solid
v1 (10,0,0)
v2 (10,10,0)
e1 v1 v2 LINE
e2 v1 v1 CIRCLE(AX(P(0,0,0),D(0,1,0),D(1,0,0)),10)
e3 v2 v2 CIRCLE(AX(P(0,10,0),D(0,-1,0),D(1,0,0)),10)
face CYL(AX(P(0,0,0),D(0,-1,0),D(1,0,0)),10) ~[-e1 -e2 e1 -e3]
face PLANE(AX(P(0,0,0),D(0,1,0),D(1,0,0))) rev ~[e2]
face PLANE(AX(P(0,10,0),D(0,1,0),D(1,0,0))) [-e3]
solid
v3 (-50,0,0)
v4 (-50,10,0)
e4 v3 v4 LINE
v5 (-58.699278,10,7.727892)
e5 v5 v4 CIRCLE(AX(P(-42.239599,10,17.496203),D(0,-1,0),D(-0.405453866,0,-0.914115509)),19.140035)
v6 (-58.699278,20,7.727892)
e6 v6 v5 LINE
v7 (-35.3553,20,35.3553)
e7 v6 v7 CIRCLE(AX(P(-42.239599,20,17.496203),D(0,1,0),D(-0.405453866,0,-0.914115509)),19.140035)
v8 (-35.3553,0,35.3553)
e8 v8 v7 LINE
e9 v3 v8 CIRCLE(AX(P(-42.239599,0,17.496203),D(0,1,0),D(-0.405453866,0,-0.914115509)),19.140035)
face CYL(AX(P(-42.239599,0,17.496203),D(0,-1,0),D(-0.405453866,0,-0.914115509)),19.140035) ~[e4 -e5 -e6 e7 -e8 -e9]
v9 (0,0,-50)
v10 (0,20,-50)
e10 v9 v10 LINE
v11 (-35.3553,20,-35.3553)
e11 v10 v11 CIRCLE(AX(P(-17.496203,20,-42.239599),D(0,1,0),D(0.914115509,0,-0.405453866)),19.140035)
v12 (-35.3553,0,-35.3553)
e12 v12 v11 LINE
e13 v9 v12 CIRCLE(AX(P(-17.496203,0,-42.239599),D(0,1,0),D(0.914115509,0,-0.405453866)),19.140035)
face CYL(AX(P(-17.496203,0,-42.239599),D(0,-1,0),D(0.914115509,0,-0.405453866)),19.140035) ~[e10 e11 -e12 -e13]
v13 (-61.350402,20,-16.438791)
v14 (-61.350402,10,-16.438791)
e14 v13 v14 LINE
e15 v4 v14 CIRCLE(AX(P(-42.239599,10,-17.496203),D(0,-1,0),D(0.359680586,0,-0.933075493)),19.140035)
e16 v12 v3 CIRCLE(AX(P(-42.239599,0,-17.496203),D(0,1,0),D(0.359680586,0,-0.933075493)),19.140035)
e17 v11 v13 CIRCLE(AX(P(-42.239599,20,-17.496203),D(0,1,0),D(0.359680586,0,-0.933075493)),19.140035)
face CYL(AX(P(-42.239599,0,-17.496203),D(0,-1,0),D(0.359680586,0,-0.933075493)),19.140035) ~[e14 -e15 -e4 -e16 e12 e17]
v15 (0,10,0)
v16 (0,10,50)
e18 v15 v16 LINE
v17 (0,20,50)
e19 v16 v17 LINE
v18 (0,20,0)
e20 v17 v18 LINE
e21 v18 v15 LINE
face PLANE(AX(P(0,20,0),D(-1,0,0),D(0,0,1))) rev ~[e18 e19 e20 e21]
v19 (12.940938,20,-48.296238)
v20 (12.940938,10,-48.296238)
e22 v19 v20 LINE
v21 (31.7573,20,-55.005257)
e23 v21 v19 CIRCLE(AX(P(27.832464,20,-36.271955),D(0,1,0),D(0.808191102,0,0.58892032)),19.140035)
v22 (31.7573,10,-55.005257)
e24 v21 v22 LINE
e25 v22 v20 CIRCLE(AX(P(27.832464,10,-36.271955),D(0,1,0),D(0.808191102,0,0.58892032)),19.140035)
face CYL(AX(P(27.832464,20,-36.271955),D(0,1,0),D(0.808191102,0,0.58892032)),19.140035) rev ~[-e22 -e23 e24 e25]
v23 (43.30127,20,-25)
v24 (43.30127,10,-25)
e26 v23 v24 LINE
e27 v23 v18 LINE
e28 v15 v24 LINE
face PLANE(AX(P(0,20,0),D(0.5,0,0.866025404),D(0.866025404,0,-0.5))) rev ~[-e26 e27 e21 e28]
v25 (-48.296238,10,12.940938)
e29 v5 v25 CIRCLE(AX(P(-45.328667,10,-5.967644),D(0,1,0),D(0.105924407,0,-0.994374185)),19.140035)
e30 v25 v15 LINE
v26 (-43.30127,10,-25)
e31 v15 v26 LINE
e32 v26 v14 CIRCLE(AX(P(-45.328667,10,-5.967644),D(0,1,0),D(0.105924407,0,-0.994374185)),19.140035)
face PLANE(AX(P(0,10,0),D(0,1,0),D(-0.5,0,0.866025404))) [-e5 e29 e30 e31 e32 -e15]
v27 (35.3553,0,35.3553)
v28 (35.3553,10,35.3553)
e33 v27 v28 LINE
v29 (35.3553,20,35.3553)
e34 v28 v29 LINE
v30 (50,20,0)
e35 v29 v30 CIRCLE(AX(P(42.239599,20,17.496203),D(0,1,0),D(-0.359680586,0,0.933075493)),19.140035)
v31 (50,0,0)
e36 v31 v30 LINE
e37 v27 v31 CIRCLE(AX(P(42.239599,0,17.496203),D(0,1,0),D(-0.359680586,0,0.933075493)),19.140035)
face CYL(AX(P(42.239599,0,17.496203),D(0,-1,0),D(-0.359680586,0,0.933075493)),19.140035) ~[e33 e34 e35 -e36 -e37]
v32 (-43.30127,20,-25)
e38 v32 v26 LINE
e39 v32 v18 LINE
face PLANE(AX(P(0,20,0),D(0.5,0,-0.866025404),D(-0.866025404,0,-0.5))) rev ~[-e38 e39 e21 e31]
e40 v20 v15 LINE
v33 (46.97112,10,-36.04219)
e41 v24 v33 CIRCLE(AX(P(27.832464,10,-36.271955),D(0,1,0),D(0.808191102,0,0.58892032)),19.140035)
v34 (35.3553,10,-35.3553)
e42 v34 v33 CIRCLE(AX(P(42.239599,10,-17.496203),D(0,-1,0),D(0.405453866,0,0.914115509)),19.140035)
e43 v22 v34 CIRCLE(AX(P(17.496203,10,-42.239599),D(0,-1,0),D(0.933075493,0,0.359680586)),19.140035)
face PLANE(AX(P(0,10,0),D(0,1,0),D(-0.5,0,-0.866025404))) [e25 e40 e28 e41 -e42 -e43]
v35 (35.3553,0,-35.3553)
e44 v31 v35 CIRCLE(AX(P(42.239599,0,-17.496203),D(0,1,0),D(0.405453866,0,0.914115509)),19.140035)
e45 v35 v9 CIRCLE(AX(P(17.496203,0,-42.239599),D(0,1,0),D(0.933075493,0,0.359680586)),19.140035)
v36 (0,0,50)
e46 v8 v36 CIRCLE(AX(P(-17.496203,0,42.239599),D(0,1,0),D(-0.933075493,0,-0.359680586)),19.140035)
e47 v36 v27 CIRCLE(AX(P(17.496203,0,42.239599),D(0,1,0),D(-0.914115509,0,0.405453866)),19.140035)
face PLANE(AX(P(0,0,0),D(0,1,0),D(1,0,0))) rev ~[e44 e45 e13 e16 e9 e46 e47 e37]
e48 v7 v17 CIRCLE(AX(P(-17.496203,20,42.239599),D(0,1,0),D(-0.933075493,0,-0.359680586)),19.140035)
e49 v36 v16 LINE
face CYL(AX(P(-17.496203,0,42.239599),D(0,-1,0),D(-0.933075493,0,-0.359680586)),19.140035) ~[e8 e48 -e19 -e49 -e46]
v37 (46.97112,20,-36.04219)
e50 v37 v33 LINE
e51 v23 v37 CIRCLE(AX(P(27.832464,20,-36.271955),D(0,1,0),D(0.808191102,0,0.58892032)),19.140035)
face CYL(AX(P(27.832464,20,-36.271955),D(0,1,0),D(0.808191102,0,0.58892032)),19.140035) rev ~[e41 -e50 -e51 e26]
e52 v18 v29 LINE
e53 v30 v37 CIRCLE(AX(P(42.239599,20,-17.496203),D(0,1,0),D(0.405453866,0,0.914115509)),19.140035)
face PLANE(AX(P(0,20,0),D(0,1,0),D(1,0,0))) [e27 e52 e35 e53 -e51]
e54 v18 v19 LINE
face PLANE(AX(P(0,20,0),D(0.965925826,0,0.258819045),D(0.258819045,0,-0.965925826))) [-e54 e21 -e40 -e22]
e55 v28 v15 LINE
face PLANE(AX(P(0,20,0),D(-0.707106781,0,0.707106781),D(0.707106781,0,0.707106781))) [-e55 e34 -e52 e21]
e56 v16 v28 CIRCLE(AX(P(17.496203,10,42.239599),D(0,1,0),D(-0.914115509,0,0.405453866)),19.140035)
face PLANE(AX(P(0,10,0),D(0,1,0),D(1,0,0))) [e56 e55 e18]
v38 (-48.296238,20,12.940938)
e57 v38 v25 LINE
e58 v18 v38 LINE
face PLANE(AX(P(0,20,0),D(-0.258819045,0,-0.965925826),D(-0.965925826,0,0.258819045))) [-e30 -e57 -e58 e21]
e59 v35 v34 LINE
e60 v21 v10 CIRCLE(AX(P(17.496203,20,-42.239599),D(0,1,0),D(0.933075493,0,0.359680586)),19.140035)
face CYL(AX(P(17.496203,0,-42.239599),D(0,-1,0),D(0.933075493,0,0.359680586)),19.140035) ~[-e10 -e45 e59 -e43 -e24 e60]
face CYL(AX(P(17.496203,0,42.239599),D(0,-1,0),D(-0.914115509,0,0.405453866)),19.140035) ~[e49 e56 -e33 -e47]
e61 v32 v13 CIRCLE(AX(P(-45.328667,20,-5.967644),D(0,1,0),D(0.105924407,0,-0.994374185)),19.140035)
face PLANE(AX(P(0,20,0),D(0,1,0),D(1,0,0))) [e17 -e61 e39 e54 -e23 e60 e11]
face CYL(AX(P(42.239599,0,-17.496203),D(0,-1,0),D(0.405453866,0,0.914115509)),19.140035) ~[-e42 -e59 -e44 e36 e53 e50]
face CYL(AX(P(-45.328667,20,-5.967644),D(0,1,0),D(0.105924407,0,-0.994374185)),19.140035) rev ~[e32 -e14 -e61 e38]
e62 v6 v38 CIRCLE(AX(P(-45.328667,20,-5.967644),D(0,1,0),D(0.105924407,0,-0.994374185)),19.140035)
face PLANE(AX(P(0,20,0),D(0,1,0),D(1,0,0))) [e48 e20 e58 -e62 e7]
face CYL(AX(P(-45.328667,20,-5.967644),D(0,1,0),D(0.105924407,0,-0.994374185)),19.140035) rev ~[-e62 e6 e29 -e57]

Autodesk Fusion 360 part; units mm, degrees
sketch "Sketch1" plane through (0, 0, 0) normal (0, 1, 0) x (1, 0, 0)
  circle A0 centre (0, 0) radius 10
  circle A1 centre (0, 0) radius 50
  line L0 (0, 0) -> (50, 0) construction
  line L1 (-1.8153, 0) -> (-5, -5)
  line L2 (0, 0) -> (0, -50)
  line L3 (0, 0) -> (35.3553, -35.3553)
  arc A2 (0, -50) -> (35.3553, -35.3553) centre (17.4962, -42.2396) ccw
  arc A3 (35.3553, -35.3553) -> (50, 0) centre (42.2396, -17.4962) ccw
  arc A4 (50, 0) -> (35.3553, 35.3553) centre (42.2396, 17.4962) ccw
  arc A5 (35.3553, 35.3553) -> (0, 50) centre (17.4962, 42.2396) ccw
  arc A6 (0, 50) -> (-35.3553, 35.3553) centre (-17.4962, 42.2396) ccw
  arc A7 (-35.3553, 35.3553) -> (-50, 0) centre (-42.2396, 17.4962) ccw
  arc A8 (-50, 0) -> (-35.3553, -35.3553) centre (-42.2396, -17.4962) ccw
  arc A9 (-35.3553, -35.3553) -> (0, -50) centre (-17.4962, -42.2396) ccw
  dimension "d1" = 20
  dimension "d3" = 100
  dimension "d4" = 45
  dimension "d6" = 19.14
  dimension "d8" = 360
extrude "Extrude1" add sketch "Sketch1" along normal blind 20 makes body 1
extrude "Extrude2" cut sketch "Sketch1" against normal blind 10 from surface at 20 contours A0 L2 L3 | A0 A1 L2 L3 | A1 A2 picked at (2.9423, -5.9663) picked at (23.9603, -27.6522) bodies 1
pattern_circular "C-Pattern1" count 3 over 360 about axis through (0, 20, 0) along (0, -1, 0) of "Extrude2"
extrude "Extrude3" add sketch "Sketch1" along normal blind 10 separate body contours A0 L2 L3 | A0 L2 L3 makes body 2
